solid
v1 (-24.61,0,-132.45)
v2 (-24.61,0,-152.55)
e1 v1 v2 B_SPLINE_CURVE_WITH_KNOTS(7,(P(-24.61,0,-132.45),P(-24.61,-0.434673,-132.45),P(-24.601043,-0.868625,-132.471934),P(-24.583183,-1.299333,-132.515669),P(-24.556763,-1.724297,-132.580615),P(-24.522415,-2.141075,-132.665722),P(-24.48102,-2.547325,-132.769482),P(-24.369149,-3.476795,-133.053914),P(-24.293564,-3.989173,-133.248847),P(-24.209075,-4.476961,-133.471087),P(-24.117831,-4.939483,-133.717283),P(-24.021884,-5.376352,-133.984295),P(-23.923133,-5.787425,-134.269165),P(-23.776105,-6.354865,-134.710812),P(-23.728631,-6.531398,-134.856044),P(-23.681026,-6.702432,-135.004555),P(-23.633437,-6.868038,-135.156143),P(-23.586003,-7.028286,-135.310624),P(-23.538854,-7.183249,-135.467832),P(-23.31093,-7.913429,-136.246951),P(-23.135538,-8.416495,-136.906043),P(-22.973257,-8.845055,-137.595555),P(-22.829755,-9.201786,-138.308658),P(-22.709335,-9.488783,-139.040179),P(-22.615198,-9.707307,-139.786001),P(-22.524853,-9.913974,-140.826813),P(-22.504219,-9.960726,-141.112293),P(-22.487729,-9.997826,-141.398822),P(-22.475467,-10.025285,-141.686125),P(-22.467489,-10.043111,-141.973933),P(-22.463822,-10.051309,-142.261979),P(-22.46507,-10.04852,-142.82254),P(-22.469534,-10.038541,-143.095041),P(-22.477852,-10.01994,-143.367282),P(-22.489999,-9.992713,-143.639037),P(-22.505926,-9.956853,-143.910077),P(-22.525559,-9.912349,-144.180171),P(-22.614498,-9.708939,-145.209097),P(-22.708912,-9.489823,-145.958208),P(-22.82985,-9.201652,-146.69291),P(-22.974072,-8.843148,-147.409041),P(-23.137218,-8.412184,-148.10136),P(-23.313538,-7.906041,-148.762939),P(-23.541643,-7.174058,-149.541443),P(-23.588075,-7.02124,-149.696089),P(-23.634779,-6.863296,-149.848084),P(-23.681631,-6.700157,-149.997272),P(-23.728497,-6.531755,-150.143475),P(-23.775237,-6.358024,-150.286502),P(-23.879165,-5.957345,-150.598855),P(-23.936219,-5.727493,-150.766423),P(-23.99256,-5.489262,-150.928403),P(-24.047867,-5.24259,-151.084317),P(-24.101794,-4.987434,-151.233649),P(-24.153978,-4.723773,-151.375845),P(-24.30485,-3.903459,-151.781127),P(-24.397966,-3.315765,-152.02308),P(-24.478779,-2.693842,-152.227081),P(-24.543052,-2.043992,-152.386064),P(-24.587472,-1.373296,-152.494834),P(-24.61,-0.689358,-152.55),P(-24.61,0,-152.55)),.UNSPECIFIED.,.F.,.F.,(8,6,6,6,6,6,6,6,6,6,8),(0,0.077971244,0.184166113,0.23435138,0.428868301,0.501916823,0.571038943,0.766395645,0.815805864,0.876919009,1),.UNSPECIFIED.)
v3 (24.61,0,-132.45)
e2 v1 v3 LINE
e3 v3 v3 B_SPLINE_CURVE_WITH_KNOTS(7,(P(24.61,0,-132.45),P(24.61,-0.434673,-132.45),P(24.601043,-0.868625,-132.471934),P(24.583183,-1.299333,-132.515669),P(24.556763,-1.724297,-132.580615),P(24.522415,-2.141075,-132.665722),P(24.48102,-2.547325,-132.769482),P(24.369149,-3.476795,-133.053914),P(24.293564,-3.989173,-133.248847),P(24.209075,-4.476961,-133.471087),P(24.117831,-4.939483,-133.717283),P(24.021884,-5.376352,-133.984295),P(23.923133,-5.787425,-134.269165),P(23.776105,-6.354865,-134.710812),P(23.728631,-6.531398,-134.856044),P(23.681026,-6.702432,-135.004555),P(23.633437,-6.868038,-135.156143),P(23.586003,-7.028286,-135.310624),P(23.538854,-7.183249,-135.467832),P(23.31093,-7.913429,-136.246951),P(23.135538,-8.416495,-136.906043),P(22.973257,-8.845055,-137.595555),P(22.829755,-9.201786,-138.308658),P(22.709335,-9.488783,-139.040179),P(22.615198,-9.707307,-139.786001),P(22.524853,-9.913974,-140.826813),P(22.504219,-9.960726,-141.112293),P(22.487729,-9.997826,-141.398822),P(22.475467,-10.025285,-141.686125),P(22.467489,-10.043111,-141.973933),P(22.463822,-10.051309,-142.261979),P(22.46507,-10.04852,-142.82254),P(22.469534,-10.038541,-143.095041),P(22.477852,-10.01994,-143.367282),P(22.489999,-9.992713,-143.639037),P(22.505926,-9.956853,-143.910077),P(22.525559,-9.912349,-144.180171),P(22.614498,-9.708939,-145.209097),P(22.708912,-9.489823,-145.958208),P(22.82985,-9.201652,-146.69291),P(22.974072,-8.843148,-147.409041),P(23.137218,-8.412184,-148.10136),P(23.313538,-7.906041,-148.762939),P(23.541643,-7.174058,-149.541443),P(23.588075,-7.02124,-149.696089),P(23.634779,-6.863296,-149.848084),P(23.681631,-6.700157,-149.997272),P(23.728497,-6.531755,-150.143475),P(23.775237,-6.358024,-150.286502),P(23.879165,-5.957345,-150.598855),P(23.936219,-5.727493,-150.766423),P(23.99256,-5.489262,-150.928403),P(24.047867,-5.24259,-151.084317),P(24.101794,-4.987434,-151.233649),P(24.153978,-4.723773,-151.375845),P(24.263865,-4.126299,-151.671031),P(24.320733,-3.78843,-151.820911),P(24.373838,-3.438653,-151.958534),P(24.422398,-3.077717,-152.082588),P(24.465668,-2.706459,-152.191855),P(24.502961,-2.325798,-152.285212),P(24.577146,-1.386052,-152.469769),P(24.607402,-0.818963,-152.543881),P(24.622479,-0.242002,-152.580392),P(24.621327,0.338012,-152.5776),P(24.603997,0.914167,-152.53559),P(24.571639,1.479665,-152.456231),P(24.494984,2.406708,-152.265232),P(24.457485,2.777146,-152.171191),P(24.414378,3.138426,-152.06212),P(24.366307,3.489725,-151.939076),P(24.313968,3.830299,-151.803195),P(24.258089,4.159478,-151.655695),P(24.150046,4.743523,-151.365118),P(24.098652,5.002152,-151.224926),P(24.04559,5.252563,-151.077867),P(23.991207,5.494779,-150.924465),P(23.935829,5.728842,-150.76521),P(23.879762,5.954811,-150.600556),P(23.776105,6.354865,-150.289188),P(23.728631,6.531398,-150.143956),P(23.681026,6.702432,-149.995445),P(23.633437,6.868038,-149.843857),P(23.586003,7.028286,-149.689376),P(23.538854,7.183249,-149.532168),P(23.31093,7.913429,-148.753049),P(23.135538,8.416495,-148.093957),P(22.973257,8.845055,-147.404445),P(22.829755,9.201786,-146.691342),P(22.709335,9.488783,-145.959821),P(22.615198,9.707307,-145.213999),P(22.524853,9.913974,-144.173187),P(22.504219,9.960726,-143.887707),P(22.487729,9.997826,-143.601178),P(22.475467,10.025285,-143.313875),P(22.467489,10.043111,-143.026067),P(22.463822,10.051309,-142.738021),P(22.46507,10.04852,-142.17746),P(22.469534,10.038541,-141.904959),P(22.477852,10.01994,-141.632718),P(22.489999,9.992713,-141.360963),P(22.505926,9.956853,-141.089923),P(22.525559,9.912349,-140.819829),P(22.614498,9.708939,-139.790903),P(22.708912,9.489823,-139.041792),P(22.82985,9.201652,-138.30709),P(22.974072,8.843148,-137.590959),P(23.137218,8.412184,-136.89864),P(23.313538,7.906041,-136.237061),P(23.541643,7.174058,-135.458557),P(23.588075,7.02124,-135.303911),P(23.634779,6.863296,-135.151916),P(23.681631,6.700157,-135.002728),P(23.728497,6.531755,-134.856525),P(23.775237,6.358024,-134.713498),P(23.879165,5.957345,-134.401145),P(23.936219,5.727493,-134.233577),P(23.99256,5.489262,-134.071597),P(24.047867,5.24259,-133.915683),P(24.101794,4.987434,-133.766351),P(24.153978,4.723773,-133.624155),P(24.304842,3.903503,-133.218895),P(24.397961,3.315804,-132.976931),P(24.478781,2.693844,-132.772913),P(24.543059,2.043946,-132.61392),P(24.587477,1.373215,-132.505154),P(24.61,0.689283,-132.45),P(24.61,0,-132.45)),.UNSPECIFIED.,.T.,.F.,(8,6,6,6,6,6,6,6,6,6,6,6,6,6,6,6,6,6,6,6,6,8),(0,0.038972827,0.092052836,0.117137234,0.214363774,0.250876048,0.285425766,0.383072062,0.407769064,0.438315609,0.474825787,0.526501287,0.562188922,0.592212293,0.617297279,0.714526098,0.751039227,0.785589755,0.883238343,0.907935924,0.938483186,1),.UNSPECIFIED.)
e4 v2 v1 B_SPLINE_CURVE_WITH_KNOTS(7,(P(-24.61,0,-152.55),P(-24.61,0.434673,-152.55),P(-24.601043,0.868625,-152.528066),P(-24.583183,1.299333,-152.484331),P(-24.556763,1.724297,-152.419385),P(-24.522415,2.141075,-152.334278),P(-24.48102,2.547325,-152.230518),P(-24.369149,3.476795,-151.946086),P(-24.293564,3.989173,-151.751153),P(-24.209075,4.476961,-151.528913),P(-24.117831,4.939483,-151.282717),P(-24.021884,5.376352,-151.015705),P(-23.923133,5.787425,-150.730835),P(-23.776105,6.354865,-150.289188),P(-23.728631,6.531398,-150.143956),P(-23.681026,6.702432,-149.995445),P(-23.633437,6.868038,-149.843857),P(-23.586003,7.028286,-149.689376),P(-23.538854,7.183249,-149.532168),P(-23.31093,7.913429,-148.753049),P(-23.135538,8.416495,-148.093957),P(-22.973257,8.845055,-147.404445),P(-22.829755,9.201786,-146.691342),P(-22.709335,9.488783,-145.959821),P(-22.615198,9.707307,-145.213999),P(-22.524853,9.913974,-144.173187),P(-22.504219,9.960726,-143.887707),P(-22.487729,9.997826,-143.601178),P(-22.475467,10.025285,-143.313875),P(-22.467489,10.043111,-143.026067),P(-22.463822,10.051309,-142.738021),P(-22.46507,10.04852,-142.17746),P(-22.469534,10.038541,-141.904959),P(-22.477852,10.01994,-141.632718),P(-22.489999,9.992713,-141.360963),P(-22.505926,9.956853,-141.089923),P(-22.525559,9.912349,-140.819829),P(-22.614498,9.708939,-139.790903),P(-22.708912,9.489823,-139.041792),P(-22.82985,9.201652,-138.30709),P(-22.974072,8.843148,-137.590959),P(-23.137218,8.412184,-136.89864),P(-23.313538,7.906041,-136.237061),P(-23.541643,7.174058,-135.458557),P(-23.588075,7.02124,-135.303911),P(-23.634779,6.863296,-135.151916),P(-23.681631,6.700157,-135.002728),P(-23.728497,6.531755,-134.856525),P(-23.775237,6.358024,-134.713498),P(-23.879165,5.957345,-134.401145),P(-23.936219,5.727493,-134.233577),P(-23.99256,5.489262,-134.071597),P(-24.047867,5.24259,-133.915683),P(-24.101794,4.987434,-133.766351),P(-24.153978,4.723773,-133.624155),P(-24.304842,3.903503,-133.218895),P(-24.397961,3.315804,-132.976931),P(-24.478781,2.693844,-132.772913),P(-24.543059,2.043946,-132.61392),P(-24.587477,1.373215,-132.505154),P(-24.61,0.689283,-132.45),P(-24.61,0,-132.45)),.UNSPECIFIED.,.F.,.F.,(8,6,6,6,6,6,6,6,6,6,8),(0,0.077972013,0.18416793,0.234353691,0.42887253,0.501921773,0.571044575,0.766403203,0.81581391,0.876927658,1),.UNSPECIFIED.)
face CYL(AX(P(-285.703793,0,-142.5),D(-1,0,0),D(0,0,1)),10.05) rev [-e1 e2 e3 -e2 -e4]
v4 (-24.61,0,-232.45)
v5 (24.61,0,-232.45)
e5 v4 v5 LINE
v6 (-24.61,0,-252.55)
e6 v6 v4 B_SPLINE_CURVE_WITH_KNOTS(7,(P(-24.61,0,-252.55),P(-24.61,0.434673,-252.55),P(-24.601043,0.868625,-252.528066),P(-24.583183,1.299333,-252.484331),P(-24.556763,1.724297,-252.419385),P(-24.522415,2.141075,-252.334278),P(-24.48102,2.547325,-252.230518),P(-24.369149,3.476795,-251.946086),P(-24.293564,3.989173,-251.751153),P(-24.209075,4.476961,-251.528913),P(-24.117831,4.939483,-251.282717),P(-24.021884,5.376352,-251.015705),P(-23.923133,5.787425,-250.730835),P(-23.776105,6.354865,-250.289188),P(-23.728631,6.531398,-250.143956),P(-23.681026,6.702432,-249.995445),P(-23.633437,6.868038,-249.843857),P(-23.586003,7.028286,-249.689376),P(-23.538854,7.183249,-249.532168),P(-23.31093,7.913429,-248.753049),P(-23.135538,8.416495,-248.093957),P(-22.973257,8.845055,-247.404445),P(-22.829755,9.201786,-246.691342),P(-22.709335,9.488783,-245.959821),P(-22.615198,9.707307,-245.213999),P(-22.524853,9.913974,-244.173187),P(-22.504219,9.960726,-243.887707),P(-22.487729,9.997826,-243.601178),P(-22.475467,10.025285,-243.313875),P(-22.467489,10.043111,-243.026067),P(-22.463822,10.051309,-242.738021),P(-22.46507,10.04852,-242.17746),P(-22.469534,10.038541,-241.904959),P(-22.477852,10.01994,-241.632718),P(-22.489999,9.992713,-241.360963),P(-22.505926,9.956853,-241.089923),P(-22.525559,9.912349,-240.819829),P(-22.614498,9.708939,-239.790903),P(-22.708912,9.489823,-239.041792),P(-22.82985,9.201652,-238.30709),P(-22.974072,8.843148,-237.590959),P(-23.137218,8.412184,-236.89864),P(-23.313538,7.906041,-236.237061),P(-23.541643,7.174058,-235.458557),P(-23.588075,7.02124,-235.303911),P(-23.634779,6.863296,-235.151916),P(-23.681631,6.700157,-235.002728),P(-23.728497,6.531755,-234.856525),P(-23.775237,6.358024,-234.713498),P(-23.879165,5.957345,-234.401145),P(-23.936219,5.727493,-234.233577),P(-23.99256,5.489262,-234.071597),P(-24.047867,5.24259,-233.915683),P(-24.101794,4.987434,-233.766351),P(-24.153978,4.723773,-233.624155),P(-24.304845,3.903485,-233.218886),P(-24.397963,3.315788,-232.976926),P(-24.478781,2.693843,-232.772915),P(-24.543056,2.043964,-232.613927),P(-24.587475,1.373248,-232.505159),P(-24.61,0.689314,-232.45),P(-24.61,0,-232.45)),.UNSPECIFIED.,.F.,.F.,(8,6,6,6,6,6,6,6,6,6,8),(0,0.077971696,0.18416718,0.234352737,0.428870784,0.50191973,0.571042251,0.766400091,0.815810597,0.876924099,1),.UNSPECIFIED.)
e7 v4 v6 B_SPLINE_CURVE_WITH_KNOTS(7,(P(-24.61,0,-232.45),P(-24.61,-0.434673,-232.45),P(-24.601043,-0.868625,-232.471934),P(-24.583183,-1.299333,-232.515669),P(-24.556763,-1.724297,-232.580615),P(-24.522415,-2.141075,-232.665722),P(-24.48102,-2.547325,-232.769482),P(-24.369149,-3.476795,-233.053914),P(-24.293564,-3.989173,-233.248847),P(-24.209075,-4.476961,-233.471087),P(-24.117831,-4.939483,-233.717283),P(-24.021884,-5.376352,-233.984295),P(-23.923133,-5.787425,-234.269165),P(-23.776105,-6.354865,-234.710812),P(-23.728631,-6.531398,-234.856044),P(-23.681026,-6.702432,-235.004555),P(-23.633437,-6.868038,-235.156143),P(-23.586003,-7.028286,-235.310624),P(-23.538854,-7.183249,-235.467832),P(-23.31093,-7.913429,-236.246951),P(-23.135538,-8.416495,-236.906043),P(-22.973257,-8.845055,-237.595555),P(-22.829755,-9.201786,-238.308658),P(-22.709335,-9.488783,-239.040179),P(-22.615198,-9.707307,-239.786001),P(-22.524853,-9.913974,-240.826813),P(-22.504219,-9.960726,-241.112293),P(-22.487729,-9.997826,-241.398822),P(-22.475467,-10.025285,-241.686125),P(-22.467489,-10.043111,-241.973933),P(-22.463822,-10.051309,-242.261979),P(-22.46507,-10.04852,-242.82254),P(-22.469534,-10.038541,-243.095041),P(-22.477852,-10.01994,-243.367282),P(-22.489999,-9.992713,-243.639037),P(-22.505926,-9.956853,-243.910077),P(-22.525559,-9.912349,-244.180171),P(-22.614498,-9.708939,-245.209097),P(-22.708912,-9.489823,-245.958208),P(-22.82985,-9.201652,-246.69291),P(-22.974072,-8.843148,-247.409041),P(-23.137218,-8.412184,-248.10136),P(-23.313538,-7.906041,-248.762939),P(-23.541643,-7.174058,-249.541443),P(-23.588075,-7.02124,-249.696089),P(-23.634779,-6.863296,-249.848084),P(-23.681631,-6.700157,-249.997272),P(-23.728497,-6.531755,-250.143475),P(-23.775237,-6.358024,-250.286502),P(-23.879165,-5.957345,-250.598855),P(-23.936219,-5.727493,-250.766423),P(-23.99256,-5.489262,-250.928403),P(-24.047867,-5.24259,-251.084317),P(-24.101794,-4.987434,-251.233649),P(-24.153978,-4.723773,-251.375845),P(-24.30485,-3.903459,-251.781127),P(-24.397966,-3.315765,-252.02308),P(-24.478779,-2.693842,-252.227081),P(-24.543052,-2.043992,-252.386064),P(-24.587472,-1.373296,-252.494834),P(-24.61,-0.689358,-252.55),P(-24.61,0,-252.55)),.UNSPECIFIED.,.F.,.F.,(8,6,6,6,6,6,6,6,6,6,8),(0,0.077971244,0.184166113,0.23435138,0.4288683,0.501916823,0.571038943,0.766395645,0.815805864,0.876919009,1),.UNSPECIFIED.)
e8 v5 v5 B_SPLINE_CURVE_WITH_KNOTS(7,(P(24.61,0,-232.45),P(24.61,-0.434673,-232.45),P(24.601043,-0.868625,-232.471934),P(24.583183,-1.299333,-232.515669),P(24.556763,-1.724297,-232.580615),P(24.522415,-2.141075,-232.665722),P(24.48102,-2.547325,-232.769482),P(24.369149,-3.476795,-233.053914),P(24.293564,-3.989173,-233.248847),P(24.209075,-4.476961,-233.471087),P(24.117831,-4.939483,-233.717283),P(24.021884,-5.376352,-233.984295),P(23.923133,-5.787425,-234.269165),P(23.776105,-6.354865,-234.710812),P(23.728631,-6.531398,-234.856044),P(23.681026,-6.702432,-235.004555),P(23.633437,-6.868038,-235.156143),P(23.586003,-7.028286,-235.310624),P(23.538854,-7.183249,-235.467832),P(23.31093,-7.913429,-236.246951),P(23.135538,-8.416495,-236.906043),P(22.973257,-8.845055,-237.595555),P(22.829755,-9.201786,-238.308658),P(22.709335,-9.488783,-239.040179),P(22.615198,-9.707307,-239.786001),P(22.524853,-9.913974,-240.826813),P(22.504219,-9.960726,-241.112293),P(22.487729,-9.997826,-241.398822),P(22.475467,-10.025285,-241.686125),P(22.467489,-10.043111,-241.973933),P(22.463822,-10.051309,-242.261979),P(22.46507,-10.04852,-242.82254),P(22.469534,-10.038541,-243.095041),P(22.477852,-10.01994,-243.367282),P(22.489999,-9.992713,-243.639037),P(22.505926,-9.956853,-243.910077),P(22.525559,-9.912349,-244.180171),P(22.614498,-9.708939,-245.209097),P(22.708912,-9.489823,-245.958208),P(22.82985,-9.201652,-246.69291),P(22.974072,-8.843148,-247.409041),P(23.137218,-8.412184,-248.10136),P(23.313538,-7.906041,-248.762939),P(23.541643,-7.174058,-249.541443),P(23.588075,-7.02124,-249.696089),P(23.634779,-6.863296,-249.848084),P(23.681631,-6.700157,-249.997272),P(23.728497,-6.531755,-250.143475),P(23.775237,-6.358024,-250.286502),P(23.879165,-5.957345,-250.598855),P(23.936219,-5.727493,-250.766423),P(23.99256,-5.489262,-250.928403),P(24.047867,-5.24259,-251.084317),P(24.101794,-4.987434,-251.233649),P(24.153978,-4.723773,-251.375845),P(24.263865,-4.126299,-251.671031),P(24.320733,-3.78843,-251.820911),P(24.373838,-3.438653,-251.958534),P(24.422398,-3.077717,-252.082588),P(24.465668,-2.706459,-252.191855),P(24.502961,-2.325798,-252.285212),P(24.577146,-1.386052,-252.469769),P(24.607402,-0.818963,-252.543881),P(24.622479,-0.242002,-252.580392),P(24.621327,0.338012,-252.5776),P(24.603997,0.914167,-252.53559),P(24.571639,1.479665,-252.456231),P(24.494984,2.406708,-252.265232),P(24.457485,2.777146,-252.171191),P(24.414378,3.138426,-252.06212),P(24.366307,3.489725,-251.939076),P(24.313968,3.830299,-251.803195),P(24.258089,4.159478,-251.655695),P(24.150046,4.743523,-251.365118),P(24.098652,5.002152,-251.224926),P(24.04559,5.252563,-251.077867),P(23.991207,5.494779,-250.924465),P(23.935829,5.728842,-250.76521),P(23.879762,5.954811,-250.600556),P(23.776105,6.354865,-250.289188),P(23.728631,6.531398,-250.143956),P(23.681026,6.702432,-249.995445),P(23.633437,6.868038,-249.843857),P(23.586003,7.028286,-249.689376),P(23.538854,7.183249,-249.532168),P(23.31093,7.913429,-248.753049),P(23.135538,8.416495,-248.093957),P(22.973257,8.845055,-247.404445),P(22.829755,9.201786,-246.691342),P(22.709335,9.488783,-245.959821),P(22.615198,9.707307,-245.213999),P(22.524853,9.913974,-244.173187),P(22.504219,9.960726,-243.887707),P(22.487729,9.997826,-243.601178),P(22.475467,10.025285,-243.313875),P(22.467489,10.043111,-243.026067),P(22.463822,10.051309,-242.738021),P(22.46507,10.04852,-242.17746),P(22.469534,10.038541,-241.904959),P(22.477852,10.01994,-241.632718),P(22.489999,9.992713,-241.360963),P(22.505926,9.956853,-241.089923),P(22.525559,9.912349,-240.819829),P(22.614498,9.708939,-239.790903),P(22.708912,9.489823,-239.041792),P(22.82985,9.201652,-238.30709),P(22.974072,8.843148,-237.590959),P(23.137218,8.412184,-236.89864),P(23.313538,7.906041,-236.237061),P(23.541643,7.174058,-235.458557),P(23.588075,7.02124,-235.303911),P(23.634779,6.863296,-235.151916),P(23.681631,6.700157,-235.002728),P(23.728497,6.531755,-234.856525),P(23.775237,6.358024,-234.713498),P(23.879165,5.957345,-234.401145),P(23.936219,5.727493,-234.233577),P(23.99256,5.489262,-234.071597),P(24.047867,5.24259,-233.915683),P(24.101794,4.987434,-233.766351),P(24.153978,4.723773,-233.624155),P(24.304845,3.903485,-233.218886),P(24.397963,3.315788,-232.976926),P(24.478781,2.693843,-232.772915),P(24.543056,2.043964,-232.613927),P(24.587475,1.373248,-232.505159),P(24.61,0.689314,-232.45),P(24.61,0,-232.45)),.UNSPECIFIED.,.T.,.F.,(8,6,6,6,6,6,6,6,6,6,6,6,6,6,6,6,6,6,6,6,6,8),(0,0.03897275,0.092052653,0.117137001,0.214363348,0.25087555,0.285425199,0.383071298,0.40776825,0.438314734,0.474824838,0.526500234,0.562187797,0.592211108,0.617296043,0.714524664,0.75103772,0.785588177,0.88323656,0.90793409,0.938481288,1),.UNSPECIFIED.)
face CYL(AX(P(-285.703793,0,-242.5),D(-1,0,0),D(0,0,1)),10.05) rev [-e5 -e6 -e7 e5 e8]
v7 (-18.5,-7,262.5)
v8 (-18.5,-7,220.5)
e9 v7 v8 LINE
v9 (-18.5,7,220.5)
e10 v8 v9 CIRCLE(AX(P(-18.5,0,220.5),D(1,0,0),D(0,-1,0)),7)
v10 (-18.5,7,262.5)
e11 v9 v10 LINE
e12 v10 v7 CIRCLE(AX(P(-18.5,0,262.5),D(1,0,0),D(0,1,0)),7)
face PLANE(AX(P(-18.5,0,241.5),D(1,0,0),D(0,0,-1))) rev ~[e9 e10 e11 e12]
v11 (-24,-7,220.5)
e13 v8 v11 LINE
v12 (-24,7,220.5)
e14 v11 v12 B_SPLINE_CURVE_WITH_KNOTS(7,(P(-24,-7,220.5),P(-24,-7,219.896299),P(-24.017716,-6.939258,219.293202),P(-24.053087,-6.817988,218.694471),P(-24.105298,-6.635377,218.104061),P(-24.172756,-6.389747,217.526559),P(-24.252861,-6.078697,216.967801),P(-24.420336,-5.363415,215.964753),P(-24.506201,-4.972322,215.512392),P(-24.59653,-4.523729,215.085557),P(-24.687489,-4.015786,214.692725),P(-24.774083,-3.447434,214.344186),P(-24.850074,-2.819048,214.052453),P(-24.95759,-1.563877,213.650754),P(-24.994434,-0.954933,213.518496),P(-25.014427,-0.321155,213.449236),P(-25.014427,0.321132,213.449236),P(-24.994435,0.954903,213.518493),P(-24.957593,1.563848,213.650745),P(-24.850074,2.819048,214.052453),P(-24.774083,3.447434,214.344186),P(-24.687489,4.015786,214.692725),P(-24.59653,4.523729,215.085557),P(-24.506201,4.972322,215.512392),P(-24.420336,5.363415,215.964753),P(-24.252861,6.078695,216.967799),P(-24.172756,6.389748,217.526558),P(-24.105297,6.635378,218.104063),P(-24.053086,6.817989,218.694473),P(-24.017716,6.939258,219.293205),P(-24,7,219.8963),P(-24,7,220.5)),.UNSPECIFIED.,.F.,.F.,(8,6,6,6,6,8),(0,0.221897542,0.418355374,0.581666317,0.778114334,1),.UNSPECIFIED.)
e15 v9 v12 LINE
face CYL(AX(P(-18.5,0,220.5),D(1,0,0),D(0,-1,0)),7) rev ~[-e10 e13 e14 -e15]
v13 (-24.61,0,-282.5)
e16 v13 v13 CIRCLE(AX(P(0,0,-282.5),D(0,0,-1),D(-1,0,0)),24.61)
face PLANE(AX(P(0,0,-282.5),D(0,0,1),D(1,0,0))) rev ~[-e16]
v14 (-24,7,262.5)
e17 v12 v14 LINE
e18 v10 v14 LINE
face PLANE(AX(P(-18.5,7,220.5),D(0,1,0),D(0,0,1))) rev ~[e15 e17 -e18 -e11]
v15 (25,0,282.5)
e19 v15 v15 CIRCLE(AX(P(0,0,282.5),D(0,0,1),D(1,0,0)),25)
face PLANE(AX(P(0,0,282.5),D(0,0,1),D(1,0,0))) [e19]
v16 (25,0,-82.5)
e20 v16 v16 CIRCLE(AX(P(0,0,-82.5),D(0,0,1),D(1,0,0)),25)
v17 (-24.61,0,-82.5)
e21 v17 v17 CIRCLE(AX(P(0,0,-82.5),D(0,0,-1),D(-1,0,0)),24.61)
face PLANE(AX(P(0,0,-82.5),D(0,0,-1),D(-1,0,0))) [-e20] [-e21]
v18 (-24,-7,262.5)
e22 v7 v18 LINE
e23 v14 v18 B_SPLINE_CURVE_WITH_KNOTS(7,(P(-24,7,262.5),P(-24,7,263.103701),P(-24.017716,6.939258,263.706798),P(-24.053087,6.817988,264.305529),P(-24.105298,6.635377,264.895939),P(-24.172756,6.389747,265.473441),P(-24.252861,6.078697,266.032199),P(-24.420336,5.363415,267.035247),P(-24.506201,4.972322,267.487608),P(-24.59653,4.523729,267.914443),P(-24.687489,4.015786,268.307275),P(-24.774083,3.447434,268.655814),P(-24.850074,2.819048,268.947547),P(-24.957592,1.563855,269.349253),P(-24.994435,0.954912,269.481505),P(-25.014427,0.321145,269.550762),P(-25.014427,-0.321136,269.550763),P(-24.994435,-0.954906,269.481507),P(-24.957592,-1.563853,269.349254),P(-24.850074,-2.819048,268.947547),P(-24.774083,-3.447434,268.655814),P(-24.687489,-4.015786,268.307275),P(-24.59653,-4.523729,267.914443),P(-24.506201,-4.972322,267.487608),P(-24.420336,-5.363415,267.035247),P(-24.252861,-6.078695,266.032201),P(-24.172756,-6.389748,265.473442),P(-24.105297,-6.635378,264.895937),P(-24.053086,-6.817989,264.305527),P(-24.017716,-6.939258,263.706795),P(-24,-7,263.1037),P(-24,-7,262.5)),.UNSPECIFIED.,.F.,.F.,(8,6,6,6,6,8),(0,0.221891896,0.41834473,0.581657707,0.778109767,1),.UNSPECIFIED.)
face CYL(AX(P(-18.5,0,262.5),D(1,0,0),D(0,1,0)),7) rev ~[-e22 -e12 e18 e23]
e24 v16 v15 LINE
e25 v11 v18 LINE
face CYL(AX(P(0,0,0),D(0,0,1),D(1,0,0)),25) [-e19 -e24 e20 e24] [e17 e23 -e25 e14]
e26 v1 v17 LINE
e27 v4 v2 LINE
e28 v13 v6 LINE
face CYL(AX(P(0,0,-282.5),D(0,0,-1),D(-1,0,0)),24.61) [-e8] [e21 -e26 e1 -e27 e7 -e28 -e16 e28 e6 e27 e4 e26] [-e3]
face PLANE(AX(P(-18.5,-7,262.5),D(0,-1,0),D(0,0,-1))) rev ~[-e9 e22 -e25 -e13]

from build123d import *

# Parameters (mm, degrees)
SKETCH1_R               = 25
BOSS_EXTRUDE1_DEPTH     = 282.5
CUT_EXTRUDE1_DEPTH      = 285.703793442
CUT_EXTRUDE1_DEPTH_BACK = 285.703793442
SKETCH2_R               = 10.05
CUT_EXTRUDE2_DEPTH      = 10
SKETCH4_OUTSIDE_W       = 165.882
SKETCH4_OUTSIDE_H       = 165.882
SKETCH4_OUTSIDE_R       = 24.61
CUT_EXTRUDE3_DEPTH      = 200


with BuildPart() as part:
    # Sketch1 → Boss-Extrude1 (new, symmetric)
    with BuildSketch(Plane.XY):
        Circle(SKETCH1_R)
    extrude(amount=BOSS_EXTRUDE1_DEPTH, both=True)

    # Sketch2 → Cut-Extrude1 (cut, two sides: drawn at the far end of the back side and taken through both)
    with BuildSketch(Plane(origin=(0, 0, 0), x_dir=(0, 0, -1), z_dir=(1, 0, 0)).offset(-CUT_EXTRUDE1_DEPTH_BACK)):
        with Locations(Location((142.5, 0, 0), (0, 0, 180))):
            Circle(SKETCH2_R)
        with Locations(Location((242.5, 0, 0), (0, 0, 180))):
            Circle(SKETCH2_R)
    extrude(amount=CUT_EXTRUDE1_DEPTH + CUT_EXTRUDE1_DEPTH_BACK, mode=Mode.SUBTRACT)

    # Sketch3 → Cut-Extrude2 (cut)
    with BuildSketch(Plane(origin=(-18.5, 0, 0), x_dir=(0, 0, -1), z_dir=(1, 0, 0))):
        with BuildLine():
            Line((-262.5, -7), (-220.5, -7))
            ThreePointArc((-220.5, -7), (-213.5, 0), (-220.5, 7))
            Line((-220.5, 7), (-262.5, 7))
            ThreePointArc((-262.5, 7), (-269.5, 0), (-262.5, -7))
        make_face()
    extrude(amount=-CUT_EXTRUDE2_DEPTH, mode=Mode.SUBTRACT)

    # Sketch4 outside → Cut-Extrude3 (cut)
    with BuildSketch(Plane(origin=(0, 0, -282.5), x_dir=(-1, 0, 0), z_dir=(0, 0, -1))):
        Rectangle(SKETCH4_OUTSIDE_W, SKETCH4_OUTSIDE_H)
        Circle(SKETCH4_OUTSIDE_R, mode=Mode.SUBTRACT)
    extrude(amount=-CUT_EXTRUDE3_DEPTH, mode=Mode.SUBTRACT)


solid = part.part
